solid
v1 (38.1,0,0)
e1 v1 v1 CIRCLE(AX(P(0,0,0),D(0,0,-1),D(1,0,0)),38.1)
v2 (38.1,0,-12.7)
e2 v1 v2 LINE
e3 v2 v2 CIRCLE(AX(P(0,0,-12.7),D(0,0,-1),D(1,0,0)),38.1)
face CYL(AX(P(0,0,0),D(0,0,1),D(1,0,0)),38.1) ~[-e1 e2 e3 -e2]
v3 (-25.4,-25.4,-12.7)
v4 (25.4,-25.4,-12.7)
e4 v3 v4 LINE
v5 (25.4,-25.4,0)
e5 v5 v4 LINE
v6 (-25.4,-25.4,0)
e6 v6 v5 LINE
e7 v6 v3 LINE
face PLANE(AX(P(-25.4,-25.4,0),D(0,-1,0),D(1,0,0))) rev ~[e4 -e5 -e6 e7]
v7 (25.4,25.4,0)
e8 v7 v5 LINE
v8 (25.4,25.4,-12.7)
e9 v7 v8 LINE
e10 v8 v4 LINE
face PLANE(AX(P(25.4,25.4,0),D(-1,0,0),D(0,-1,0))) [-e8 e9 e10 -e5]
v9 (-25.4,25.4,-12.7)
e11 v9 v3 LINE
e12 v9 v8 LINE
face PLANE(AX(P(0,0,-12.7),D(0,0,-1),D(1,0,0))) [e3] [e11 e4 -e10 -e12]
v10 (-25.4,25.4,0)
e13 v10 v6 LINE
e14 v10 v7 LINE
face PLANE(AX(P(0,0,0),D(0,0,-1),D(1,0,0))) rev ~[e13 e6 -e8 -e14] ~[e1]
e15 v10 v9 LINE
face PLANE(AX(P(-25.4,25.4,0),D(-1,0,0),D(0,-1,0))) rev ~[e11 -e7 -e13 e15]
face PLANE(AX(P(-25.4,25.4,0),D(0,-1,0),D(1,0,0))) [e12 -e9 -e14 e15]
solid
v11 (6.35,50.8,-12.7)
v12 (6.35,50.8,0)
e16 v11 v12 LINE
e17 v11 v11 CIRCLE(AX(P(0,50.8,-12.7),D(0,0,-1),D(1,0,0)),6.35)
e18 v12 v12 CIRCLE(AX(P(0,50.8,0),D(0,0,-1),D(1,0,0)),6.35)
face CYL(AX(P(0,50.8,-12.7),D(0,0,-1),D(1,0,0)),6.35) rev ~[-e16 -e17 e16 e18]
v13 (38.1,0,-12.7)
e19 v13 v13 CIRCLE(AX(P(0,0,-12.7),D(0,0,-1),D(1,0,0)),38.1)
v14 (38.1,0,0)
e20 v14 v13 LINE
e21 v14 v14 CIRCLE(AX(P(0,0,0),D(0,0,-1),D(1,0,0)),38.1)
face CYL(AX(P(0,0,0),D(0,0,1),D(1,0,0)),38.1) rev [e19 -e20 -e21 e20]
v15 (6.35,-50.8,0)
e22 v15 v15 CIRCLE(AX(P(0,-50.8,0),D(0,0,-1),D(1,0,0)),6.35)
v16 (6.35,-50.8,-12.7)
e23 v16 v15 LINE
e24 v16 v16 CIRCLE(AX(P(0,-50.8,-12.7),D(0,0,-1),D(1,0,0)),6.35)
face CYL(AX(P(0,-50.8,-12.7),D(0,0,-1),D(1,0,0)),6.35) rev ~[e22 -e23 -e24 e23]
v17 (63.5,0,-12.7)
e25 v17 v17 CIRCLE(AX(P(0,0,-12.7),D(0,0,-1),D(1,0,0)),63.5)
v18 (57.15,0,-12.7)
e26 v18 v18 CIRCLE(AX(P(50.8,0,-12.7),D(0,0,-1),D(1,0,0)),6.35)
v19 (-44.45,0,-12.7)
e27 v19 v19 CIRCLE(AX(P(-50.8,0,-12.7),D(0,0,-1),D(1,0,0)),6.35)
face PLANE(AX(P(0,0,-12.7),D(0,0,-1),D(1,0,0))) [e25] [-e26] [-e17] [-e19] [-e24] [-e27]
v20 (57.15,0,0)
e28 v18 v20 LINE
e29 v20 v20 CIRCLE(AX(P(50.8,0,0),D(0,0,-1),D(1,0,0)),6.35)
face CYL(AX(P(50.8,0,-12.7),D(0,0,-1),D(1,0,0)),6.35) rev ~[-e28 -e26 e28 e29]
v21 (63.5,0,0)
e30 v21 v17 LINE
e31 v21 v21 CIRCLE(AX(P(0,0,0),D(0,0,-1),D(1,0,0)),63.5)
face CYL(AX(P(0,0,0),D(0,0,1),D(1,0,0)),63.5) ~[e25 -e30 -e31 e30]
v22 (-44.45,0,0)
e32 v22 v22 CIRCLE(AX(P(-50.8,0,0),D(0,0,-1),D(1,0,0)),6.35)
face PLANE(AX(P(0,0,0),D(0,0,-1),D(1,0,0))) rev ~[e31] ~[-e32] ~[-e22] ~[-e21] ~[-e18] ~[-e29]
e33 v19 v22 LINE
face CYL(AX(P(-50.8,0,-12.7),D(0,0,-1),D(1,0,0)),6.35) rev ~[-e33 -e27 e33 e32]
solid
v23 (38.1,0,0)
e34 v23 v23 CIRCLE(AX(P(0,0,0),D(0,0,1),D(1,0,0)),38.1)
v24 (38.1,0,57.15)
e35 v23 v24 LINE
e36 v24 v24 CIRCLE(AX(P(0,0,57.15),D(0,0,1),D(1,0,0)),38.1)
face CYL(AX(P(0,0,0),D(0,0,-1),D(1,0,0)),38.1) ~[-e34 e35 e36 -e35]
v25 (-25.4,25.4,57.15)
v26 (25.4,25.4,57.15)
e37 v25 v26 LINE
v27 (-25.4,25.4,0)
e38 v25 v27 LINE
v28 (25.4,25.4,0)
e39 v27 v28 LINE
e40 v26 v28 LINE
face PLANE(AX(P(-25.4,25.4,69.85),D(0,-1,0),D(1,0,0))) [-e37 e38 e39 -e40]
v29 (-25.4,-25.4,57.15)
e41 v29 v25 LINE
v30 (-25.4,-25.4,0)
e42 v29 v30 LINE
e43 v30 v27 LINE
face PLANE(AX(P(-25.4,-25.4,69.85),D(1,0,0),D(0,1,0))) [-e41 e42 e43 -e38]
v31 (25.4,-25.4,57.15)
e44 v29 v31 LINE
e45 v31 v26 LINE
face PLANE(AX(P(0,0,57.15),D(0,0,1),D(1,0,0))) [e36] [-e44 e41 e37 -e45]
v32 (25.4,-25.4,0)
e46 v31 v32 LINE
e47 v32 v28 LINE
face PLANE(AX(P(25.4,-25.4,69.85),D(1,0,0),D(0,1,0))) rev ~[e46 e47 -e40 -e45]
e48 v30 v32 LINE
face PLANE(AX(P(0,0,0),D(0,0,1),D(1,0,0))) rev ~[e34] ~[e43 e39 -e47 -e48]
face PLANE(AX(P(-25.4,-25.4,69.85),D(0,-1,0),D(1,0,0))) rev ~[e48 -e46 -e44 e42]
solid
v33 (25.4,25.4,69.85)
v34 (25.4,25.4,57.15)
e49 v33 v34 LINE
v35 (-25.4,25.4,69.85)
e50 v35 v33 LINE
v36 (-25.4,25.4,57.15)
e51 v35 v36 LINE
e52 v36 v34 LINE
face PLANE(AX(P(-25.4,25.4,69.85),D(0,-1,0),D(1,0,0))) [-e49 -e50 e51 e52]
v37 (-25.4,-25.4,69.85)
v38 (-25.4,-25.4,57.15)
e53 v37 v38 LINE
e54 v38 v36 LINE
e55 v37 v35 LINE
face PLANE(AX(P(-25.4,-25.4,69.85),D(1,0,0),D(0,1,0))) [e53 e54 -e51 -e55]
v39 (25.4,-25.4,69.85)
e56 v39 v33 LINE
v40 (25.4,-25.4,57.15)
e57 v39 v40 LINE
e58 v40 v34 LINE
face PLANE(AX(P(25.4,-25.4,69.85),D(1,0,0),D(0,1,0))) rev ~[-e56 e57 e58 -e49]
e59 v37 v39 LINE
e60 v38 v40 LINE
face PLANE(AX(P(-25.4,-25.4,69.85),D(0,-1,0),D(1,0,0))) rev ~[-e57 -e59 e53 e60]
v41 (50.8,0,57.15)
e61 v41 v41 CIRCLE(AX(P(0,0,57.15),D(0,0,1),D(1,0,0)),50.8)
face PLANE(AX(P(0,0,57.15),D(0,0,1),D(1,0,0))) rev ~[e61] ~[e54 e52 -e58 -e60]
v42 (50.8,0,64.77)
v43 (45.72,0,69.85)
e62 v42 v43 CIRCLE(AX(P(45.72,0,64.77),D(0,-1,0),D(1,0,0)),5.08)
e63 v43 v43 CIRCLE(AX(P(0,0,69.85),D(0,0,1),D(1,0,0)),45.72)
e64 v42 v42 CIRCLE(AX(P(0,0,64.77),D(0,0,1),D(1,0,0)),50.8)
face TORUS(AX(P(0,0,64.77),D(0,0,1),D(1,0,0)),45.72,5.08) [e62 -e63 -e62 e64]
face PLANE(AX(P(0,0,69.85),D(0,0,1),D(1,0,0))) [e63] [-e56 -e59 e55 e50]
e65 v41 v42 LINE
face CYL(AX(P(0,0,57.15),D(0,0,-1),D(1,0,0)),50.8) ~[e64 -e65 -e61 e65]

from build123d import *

# Parameters (mm, degrees)
F0_R      = 38.1
F1_DEPTH  = 57.15
F2_R      = 50.8
F2_R_2    = 38.1
F3_DEPTH  = 12.7
F4_W      = 50.8
F4_H      = 50.8
F5_DEPTH  = 114.808
F6_W      = 50.8
F6_H      = 50.8
F7_DEPTH  = 73.406
F8_R      = 5.08
F9_R      = 63.5
F9_R_2    = 38.1
F10_DEPTH = 12.7
F11_R     = 38.1
F11_W     = 50.8
F11_H     = 50.8
F12_DEPTH = 12.7
F13_R     = 6.35
F14_DEPTH = 25.4


with BuildPart() as f1:
    # F0 (on Top) → F1 (new body)
    with BuildSketch(Plane.XY):
        Circle(F0_R)
    extrude(amount=F1_DEPTH)


with BuildPart() as f3:
    # F2 (on face) → F3 (new body)
    with BuildSketch(Plane.XY.offset(57.15)):
        Circle(F2_R)
        Circle(F2_R_2, mode=Mode.SUBTRACT)
        Circle(F2_R_2)
    extrude(amount=F3_DEPTH)


with BuildPart() as f5_tool:
    # F4 (on face) → F5 (new body)
    with BuildSketch(Plane.XY.offset(69.85)):
        Rectangle(F4_W, F4_H)
    extrude(amount=-F5_DEPTH)


with BuildPart() as f1_1:
    add(f1.part)

    # F5: cut by f5_tool
    add(f5_tool.part, mode=Mode.SUBTRACT)

    # F6 (on face) → F7 (cut)
    with BuildSketch(Plane(origin=(0, 0, 0), x_dir=(1, 0, 0), z_dir=(0, 0, -1))):
        Rectangle(F6_W, F6_H)
    extrude(amount=-F7_DEPTH, mode=Mode.SUBTRACT)


with BuildPart() as f3_1:
    add(f3.part)

    # F5: cut by f5_tool
    add(f5_tool.part, mode=Mode.SUBTRACT)

    # F8
    f8_edges = [f3_1.edges().sort_by_distance(p)[0] for p in [
        (-50.8, 0, 69.85),
    ]]
    fillet(f8_edges, radius=F8_R)


with BuildPart() as f10:
    # F9 (on face) → F10 (new body)
    with BuildSketch(Plane(origin=(0, 0, 0), x_dir=(1, 0, 0), z_dir=(0, 0, -1))):
        Circle(F9_R)
        Circle(F9_R_2, mode=Mode.SUBTRACT)
    extrude(amount=F10_DEPTH)

    # F13 (on face) → F14 (cut)
    with BuildSketch(Plane(origin=(0, 0, -12.7), x_dir=(1, 0, 0), z_dir=(0, 0, -1))):
        with Locations((0, 50.8)):
            Circle(F13_R)
        with Locations((-50.8, 0)):
            Circle(F13_R)
        with Locations((0, -50.8)):
            Circle(F13_R)
        with Locations((50.8, 0)):
            Circle(F13_R)
    extrude(amount=-F14_DEPTH, mode=Mode.SUBTRACT)


with BuildPart() as f12:
    # F11 (on face) → F12 (new body)
    with BuildSketch(Plane(origin=(0, 0, 0), x_dir=(1, 0, 0), z_dir=(0, 0, -1))):
        Circle(F11_R)
        Rectangle(F11_W, F11_H, mode=Mode.SUBTRACT)
    extrude(amount=F12_DEPTH)


solid = Compound([f1_1.part, f3_1.part, f10.part, f12.part])
